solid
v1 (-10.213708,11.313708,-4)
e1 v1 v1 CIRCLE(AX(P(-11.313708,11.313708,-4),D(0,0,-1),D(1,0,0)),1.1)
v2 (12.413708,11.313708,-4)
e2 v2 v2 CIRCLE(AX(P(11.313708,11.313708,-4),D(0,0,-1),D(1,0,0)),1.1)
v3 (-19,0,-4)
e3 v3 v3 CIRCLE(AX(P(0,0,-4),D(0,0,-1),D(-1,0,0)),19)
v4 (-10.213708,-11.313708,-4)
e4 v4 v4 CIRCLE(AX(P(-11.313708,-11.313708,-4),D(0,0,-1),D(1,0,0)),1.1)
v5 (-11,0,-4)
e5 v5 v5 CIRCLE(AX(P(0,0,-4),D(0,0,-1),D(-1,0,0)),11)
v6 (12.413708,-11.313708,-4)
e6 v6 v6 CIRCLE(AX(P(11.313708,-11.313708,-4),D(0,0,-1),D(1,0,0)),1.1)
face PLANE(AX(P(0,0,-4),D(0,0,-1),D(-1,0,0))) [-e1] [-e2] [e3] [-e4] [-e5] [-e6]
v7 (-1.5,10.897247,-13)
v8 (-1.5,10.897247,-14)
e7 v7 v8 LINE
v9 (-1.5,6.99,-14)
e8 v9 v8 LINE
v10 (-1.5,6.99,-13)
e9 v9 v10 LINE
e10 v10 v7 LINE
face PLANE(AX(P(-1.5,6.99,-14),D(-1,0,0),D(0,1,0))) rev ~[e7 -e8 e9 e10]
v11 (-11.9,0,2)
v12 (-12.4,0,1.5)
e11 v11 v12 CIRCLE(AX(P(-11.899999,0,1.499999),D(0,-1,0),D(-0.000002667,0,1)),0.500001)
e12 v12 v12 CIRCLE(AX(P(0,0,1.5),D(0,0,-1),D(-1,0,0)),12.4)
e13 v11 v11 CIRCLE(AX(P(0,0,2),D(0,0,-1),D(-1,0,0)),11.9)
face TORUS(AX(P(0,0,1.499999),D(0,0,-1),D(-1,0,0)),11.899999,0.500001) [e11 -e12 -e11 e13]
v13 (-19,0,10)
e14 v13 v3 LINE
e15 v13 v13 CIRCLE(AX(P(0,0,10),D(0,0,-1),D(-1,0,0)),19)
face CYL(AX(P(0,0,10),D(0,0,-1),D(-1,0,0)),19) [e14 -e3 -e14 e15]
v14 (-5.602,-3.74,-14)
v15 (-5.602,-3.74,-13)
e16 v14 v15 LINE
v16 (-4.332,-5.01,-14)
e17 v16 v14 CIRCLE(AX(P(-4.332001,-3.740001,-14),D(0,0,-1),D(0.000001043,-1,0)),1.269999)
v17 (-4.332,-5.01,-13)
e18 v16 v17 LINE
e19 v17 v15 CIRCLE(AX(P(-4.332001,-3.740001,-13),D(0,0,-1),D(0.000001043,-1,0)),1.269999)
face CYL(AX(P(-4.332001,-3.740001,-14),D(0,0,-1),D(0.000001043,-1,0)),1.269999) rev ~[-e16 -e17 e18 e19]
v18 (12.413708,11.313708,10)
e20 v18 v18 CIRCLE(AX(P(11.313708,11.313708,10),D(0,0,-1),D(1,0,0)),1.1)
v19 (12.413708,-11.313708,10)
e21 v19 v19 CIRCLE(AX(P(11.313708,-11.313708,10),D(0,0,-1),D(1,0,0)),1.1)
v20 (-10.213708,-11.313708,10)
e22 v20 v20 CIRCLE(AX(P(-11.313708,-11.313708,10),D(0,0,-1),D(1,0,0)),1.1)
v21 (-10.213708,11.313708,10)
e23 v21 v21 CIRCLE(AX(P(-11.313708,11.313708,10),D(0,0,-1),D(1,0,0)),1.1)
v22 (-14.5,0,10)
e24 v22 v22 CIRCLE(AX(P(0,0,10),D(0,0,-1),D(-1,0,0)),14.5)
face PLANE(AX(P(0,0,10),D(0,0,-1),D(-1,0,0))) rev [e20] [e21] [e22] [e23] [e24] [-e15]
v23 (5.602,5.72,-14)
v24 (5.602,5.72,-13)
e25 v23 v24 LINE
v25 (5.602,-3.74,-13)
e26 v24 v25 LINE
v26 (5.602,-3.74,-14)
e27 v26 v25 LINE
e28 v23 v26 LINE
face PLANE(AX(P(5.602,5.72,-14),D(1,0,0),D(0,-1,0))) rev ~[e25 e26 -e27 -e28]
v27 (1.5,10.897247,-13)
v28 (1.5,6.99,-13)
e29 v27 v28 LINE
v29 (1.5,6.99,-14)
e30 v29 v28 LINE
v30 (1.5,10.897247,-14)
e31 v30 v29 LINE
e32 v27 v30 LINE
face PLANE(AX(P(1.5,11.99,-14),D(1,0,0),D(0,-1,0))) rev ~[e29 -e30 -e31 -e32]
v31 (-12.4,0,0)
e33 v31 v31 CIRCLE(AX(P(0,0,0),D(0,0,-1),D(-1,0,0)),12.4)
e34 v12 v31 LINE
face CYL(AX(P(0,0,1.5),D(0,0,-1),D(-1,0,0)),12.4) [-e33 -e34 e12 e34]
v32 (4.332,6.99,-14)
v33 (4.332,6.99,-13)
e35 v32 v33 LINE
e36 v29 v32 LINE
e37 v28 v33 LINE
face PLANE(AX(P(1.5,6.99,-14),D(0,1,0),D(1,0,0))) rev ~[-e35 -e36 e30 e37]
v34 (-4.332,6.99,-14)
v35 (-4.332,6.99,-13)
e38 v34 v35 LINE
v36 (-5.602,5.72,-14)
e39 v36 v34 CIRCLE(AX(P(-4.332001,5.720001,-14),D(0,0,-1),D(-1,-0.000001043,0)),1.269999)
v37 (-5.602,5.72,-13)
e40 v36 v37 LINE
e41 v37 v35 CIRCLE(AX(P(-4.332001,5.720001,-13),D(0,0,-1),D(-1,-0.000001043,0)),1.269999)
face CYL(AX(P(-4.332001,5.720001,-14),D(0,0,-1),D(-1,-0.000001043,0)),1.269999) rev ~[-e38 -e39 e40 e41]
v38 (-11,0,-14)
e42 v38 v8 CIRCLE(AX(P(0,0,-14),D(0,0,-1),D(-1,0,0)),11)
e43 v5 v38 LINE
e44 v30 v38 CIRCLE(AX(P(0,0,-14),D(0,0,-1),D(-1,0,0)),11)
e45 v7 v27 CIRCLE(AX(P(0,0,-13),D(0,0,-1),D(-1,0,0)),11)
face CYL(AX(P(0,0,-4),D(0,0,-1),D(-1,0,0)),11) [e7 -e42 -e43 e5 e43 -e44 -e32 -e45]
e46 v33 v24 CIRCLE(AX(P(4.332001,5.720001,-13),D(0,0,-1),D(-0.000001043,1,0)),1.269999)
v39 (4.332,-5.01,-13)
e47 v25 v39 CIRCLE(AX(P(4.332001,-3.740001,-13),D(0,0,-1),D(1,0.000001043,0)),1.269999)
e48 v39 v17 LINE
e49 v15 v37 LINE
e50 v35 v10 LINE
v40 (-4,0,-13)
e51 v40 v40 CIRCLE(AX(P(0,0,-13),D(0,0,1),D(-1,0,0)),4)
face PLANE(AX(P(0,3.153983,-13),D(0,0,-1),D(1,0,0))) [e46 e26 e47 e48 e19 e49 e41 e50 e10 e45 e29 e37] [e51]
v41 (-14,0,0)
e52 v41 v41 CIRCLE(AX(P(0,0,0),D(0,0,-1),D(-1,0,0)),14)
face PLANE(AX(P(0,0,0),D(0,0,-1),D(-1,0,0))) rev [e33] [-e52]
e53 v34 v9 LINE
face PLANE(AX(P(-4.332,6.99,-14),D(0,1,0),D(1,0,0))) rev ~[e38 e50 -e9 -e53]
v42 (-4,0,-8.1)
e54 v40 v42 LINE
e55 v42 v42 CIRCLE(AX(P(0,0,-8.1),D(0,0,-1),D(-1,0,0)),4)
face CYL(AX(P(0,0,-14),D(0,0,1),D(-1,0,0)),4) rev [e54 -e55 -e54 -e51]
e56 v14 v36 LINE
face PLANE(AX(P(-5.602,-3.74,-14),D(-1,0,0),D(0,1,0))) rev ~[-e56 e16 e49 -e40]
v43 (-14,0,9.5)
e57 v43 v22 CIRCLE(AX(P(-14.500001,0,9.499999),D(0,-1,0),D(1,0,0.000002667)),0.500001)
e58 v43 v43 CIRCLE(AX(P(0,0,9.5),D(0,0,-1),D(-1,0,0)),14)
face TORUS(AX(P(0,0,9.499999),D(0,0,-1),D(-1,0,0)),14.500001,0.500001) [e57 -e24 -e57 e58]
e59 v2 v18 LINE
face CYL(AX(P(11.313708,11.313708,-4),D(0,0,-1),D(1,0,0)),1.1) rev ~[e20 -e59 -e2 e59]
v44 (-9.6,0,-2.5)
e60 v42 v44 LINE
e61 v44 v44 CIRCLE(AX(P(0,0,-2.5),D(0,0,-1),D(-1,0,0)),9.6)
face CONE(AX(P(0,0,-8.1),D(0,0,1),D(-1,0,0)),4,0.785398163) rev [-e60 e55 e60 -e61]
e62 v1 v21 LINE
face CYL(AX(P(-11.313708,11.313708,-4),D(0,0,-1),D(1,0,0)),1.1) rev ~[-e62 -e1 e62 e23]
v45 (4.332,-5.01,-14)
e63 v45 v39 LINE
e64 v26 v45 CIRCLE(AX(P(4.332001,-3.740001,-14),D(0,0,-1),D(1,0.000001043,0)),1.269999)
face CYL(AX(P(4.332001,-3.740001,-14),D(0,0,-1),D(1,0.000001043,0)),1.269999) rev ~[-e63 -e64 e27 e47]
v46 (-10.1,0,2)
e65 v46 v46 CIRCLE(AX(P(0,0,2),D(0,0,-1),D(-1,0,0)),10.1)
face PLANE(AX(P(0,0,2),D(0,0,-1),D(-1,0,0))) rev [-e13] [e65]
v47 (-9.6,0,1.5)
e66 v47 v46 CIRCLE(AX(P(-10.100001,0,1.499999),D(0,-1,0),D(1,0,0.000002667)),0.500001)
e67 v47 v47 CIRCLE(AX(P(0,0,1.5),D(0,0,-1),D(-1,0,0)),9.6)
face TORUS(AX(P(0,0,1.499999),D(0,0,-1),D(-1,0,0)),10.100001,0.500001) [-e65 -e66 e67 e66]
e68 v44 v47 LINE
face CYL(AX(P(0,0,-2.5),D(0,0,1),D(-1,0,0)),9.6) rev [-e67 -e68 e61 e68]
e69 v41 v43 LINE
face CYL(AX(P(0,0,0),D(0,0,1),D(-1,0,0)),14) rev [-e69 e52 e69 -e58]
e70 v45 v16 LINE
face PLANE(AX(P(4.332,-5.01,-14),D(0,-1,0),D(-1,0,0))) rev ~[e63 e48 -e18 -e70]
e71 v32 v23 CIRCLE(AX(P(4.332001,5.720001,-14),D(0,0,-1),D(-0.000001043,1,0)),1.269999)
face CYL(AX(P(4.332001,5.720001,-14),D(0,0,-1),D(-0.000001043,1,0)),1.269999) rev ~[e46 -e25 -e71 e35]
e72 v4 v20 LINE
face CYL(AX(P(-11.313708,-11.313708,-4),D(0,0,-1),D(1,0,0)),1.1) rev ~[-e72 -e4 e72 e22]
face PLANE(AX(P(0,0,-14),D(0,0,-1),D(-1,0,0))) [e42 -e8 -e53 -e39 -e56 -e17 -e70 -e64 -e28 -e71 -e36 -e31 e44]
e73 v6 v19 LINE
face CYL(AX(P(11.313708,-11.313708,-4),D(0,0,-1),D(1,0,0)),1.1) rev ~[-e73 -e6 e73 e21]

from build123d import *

# Parameters (mm, degrees)
F2_R     = 1.1
F3_DEPTH = 14
F5_DEPTH = 1


with BuildPart() as f1:
    # F0 (on Front) → F1 (revolve)
    with BuildSketch(Plane.XZ):
        with BuildLine():
            Line((-14, 0), (-14, 9.5))
            ThreePointArc((-14, 9.5), (-14.146447, 9.853553), (-14.5, 10))
            Line((-14.5, 10), (-19, 10))
            Line((-19, 10), (-19, -4))
            Line((-19, -4), (-11, -4))
            Line((-11, -4), (-11, -14))
            Line((-11, -14), (-4, -14))
            Line((-4, -14), (-4, -8.1))
            Line((-4, -8.1), (-9.6, -2.5))
            Line((-9.6, -2.5), (-9.6, 1.5))
            ThreePointArc((-9.6, 1.5), (-9.746447, 1.853553), (-10.1, 2))
            Line((-10.1, 2), (-11.9, 2))
            ThreePointArc((-11.9, 2), (-12.253553, 1.853553), (-12.4, 1.5))
            Line((-12.4, 1.5), (-12.4, 0))
            Line((-12.4, 0), (-14, 0))
        make_face()
    revolve(axis=Axis((0, 0, -7), (0, 0, -1)))

    # F2 (on face) → F3 (cut, through all)
    with BuildSketch(Plane(origin=(0, 0, -4), x_dir=(1, 0, 0), z_dir=(0, 0, -1))):
        with Locations((11.313708, 11.313708)):
            Circle(F2_R)
        with Locations((-11.313708, -11.313708)):
            Circle(F2_R)
        with Locations((11.313708, -11.313708)):
            Circle(F2_R)
        with Locations((-11.313708, 11.313708)):
            Circle(F2_R)
    extrude(amount=-F3_DEPTH, mode=Mode.SUBTRACT)

    # F4 (on face) → F5 (cut)
    with BuildSketch(Plane(origin=(0, 0, -14), x_dir=(1, 0, 0), z_dir=(0, 0, -1))):
        with BuildLine():
            Line((4.332, 5.01), (-4.332, 5.01))
            ThreePointArc((-4.332, 5.01), (-5.230026, 4.638026), (-5.602, 3.74))
            Line((-5.602, 3.74), (-5.602, -5.72))
            ThreePointArc((-5.602, -5.72), (-5.230026, -6.618026), (-4.332, -6.99))
            Line((-4.332, -6.99), (-1.5, -6.99))
            Line((-1.5, -6.99), (-1.5, -11.99))
            ThreePointArc((-1.5, -11.99), (0, -13.49), (1.5, -11.99))
            Line((1.5, -11.99), (1.5, -6.99))
            Line((1.5, -6.99), (4.332, -6.99))
            ThreePointArc((4.332, -6.99), (5.230026, -6.618026), (5.602, -5.72))
            Line((5.602, -5.72), (5.602, 3.74))
            ThreePointArc((5.602, 3.74), (5.230026, 4.638026), (4.332, 5.01))
        make_face()
    extrude(amount=-F5_DEPTH, mode=Mode.SUBTRACT)


solid = f1.part
